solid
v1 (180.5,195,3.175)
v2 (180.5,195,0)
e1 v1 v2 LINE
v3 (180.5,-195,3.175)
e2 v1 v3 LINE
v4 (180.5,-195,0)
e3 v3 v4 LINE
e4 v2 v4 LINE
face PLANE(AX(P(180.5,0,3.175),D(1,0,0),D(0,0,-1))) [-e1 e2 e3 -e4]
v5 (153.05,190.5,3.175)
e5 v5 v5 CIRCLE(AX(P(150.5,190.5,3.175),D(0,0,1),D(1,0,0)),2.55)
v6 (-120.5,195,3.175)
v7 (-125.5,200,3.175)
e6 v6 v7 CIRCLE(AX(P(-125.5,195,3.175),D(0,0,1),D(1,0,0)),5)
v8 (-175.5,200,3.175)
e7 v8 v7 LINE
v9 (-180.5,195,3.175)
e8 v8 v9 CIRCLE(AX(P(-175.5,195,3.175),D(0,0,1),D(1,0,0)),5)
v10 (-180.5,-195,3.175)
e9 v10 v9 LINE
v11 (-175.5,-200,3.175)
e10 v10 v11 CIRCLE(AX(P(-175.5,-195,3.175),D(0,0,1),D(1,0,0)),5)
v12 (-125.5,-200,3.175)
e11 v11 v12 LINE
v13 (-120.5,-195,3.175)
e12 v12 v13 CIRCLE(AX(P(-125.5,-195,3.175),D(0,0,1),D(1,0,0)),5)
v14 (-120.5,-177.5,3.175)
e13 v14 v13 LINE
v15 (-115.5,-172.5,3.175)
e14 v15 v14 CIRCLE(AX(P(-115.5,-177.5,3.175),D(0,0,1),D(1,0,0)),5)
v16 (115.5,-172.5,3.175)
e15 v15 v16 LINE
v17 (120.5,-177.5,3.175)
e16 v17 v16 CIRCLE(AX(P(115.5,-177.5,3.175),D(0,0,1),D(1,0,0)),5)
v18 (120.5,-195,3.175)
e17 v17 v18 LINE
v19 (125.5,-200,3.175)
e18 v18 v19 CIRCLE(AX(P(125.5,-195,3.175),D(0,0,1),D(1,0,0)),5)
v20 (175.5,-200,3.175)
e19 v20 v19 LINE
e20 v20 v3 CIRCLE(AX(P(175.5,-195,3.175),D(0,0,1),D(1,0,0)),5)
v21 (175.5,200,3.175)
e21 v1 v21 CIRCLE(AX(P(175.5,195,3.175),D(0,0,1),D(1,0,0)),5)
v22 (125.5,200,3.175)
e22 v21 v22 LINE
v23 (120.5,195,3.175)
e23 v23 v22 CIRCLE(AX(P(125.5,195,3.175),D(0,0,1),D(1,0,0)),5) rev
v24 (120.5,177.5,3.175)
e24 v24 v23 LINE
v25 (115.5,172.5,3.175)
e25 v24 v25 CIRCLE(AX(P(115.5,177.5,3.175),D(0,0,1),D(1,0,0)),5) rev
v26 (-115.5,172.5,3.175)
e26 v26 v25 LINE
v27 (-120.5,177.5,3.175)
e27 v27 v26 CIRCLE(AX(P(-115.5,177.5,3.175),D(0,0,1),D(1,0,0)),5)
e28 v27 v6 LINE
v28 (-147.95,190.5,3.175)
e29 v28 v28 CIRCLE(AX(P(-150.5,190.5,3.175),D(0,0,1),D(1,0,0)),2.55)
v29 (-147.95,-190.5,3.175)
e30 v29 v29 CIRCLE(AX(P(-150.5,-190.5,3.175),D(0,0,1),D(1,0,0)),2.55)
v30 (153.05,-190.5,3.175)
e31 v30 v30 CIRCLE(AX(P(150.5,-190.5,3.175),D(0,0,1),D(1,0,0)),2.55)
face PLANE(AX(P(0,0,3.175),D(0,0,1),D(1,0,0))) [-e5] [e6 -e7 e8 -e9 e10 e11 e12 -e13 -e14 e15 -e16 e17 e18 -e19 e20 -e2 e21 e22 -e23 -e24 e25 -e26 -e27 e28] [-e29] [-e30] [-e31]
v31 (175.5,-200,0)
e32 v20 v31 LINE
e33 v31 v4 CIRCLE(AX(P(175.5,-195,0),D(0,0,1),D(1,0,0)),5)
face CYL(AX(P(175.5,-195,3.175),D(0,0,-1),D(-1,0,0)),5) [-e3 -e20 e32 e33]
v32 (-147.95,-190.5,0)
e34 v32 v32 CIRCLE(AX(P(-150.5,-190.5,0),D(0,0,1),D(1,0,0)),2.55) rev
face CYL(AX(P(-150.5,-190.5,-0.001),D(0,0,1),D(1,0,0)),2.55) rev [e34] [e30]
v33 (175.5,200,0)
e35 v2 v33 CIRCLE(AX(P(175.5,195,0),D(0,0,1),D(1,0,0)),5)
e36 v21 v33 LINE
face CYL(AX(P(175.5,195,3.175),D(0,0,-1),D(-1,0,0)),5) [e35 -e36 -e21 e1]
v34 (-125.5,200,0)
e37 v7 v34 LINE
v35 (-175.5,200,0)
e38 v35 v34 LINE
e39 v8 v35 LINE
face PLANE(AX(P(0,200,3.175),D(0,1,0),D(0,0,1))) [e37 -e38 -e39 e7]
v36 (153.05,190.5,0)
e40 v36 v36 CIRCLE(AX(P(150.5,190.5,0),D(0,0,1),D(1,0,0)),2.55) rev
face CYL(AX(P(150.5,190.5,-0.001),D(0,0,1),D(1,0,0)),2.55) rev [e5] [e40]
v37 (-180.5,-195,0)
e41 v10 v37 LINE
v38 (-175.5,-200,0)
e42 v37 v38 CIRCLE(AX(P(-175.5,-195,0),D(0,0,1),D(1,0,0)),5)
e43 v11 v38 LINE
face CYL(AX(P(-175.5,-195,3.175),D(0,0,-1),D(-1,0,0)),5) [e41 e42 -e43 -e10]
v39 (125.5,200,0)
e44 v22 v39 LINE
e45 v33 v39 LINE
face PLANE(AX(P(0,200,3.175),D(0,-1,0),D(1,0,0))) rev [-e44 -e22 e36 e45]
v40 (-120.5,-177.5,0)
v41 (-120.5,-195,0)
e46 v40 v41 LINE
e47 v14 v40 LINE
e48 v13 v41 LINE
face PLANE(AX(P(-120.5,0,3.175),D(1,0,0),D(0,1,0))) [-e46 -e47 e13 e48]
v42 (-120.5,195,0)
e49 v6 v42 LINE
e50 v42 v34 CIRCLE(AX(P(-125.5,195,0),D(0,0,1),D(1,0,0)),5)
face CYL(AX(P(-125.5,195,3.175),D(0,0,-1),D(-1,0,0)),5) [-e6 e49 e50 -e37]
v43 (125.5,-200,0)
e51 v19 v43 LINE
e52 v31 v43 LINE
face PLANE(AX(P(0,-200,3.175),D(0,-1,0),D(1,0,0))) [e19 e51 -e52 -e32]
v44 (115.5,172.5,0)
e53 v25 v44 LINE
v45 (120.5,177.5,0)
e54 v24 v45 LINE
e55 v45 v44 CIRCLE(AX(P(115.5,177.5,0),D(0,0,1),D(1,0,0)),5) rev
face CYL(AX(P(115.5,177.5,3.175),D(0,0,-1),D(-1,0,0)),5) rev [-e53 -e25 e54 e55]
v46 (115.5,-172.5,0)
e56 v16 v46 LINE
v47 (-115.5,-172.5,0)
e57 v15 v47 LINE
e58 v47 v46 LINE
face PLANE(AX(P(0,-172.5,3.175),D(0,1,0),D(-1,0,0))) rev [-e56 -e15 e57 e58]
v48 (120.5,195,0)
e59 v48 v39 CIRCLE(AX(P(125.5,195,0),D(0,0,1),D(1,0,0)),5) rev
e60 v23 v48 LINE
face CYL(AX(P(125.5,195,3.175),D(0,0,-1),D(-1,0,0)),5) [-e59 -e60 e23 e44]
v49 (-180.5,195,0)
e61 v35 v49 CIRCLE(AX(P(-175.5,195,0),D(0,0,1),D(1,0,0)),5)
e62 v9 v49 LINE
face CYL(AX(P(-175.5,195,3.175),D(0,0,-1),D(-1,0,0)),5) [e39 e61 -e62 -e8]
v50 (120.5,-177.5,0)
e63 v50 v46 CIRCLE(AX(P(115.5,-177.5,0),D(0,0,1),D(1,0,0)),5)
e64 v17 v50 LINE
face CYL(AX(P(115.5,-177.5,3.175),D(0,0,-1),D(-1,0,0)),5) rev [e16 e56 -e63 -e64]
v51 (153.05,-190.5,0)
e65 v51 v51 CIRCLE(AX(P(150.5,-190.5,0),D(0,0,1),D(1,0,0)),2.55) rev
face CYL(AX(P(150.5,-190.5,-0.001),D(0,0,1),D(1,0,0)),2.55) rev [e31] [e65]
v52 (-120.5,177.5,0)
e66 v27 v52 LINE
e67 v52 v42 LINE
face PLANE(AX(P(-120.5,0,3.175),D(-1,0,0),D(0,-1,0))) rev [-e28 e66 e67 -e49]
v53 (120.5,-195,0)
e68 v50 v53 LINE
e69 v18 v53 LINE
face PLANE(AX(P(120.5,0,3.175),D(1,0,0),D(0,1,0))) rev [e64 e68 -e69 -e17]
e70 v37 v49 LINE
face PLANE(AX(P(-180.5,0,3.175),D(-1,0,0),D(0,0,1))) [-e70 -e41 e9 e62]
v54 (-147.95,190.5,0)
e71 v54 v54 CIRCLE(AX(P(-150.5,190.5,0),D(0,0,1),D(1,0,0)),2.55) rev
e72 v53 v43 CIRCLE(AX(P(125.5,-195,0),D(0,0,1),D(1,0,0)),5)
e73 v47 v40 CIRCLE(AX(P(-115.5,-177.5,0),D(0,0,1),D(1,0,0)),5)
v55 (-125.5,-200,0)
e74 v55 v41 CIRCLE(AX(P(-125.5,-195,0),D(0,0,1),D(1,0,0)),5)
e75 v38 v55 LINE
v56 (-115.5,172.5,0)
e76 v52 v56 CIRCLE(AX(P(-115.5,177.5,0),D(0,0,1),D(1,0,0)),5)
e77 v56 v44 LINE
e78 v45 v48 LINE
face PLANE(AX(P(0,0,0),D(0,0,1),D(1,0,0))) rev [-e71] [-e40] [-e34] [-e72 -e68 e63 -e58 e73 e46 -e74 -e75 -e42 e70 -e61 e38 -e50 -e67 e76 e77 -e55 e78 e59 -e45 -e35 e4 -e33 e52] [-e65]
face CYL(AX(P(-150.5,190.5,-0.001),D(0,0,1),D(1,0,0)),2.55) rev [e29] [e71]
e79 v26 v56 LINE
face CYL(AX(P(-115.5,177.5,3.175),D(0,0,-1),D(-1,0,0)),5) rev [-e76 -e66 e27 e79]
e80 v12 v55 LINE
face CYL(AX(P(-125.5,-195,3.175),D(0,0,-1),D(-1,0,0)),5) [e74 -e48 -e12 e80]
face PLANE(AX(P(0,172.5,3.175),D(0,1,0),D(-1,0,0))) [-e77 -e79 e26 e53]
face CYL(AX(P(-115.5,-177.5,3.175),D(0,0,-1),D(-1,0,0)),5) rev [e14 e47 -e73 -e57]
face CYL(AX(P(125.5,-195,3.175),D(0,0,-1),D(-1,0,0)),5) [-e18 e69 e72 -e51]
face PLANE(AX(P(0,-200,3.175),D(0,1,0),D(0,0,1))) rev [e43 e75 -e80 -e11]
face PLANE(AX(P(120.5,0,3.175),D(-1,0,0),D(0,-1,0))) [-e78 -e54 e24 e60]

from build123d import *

# Parameters (mm, degrees)
BOSS_EXTRUDE1_DEPTH = 3.175
CUT_EXTRUDE1_REACH  = 271.426
SKETCH2_R           = 2.55


with BuildPart() as part:
    # Model → Boss-Extrude1 (new body)
    with BuildSketch(Plane.XY):
        with BuildLine():
            ThreePointArc((180.500000042, 195), (179.035533948, 198.535533906), (175.500000042, 200))
            Line((175.500000042, 200), (125.500000042, 200))
            ThreePointArc((125.500000042, 200), (121.964466136, 198.535533906), (120.500000042, 195))
            Line((120.500000042, 195), (120.500000042, 177.5))
            ThreePointArc((120.500000042, 177.5), (119.035533948, 173.964466094), (115.500000042, 172.5))
            Line((115.500000042, 172.5), (-115.500000042, 172.5))
            ThreePointArc((-115.500000042, 172.5), (-119.035533948, 173.964466094), (-120.500000042, 177.5))
            Line((-120.500000042, 177.5), (-120.500000042, 195))
            ThreePointArc((-120.500000042, 195), (-121.964466136, 198.535533906), (-125.500000042, 200))
            Line((-125.500000042, 200), (-175.500000042, 200))
            ThreePointArc((-175.500000042, 200), (-179.035533948, 198.535533906), (-180.500000042, 195))
            Line((-180.500000042, 195), (-180.500000042, -195))
            ThreePointArc((-180.500000042, -195), (-179.035533948, -198.535533906), (-175.500000042, -200))
            Line((-175.500000042, -200), (-125.500000042, -200))
            ThreePointArc((-125.500000042, -200), (-121.964466136, -198.535533906), (-120.500000042, -195))
            Line((-120.500000042, -195), (-120.500000042, -177.5))
            ThreePointArc((-120.500000042, -177.5), (-119.035533948, -173.964466094), (-115.500000042, -172.5))
            Line((-115.500000042, -172.5), (115.500000042, -172.5))
            ThreePointArc((115.500000042, -172.5), (119.035533948, -173.964466094), (120.500000042, -177.5))
            Line((120.500000042, -177.5), (120.500000042, -195))
            ThreePointArc((120.500000042, -195), (121.964466136, -198.535533906), (125.500000042, -200))
            Line((125.500000042, -200), (175.500000042, -200))
            ThreePointArc((175.500000042, -200), (179.035533948, -198.535533906), (180.500000042, -195))
            Line((180.500000042, -195), (180.500000042, 195))
        make_face()
    extrude(amount=BOSS_EXTRUDE1_DEPTH)

    # Sketch2 → Cut-Extrude1 (cut, up to next)
    with BuildSketch(Plane.XY.offset(3.175), mode=Mode.PRIVATE) as cut_extrude1_sk1:
        with Locations((-150.5, 190.5)):
            Circle(SKETCH2_R)
    cut_extrude1_tool1 = extrude(cut_extrude1_sk1.sketch, amount=-CUT_EXTRUDE1_REACH, mode=Mode.PRIVATE) & part.part
    # Sketch2 → Cut-Extrude1 (cut, up to next)
    with BuildSketch(Plane.XY.offset(3.175), mode=Mode.PRIVATE) as cut_extrude1_sk2:
        with Locations((150.5, 190.5)):
            Circle(SKETCH2_R)
    cut_extrude1_tool2 = extrude(cut_extrude1_sk2.sketch, amount=-CUT_EXTRUDE1_REACH, mode=Mode.PRIVATE) & part.part
    # Sketch2 → Cut-Extrude1 (cut, up to next)
    with BuildSketch(Plane.XY.offset(3.175), mode=Mode.PRIVATE) as cut_extrude1_sk3:
        with Locations((150.5, -190.5)):
            Circle(SKETCH2_R)
    cut_extrude1_tool3 = extrude(cut_extrude1_sk3.sketch, amount=-CUT_EXTRUDE1_REACH, mode=Mode.PRIVATE) & part.part
    # Sketch2 → Cut-Extrude1 (cut, up to next)
    with BuildSketch(Plane.XY.offset(3.175), mode=Mode.PRIVATE) as cut_extrude1_sk4:
        with Locations((-150.5, -190.5)):
            Circle(SKETCH2_R)
    cut_extrude1_tool4 = extrude(cut_extrude1_sk4.sketch, amount=-CUT_EXTRUDE1_REACH, mode=Mode.PRIVATE) & part.part
    add(cut_extrude1_tool1.solids().sort_by_distance((-150.5, 190.5, 3.175))[0], mode=Mode.SUBTRACT)
    add(cut_extrude1_tool2.solids().sort_by_distance((150.5, 190.5, 3.175))[0], mode=Mode.SUBTRACT)
    add(cut_extrude1_tool3.solids().sort_by_distance((150.5, -190.5, 3.175))[0], mode=Mode.SUBTRACT)
    add(cut_extrude1_tool4.solids().sort_by_distance((-150.5, -190.5, 3.175))[0], mode=Mode.SUBTRACT)


solid = part.part
